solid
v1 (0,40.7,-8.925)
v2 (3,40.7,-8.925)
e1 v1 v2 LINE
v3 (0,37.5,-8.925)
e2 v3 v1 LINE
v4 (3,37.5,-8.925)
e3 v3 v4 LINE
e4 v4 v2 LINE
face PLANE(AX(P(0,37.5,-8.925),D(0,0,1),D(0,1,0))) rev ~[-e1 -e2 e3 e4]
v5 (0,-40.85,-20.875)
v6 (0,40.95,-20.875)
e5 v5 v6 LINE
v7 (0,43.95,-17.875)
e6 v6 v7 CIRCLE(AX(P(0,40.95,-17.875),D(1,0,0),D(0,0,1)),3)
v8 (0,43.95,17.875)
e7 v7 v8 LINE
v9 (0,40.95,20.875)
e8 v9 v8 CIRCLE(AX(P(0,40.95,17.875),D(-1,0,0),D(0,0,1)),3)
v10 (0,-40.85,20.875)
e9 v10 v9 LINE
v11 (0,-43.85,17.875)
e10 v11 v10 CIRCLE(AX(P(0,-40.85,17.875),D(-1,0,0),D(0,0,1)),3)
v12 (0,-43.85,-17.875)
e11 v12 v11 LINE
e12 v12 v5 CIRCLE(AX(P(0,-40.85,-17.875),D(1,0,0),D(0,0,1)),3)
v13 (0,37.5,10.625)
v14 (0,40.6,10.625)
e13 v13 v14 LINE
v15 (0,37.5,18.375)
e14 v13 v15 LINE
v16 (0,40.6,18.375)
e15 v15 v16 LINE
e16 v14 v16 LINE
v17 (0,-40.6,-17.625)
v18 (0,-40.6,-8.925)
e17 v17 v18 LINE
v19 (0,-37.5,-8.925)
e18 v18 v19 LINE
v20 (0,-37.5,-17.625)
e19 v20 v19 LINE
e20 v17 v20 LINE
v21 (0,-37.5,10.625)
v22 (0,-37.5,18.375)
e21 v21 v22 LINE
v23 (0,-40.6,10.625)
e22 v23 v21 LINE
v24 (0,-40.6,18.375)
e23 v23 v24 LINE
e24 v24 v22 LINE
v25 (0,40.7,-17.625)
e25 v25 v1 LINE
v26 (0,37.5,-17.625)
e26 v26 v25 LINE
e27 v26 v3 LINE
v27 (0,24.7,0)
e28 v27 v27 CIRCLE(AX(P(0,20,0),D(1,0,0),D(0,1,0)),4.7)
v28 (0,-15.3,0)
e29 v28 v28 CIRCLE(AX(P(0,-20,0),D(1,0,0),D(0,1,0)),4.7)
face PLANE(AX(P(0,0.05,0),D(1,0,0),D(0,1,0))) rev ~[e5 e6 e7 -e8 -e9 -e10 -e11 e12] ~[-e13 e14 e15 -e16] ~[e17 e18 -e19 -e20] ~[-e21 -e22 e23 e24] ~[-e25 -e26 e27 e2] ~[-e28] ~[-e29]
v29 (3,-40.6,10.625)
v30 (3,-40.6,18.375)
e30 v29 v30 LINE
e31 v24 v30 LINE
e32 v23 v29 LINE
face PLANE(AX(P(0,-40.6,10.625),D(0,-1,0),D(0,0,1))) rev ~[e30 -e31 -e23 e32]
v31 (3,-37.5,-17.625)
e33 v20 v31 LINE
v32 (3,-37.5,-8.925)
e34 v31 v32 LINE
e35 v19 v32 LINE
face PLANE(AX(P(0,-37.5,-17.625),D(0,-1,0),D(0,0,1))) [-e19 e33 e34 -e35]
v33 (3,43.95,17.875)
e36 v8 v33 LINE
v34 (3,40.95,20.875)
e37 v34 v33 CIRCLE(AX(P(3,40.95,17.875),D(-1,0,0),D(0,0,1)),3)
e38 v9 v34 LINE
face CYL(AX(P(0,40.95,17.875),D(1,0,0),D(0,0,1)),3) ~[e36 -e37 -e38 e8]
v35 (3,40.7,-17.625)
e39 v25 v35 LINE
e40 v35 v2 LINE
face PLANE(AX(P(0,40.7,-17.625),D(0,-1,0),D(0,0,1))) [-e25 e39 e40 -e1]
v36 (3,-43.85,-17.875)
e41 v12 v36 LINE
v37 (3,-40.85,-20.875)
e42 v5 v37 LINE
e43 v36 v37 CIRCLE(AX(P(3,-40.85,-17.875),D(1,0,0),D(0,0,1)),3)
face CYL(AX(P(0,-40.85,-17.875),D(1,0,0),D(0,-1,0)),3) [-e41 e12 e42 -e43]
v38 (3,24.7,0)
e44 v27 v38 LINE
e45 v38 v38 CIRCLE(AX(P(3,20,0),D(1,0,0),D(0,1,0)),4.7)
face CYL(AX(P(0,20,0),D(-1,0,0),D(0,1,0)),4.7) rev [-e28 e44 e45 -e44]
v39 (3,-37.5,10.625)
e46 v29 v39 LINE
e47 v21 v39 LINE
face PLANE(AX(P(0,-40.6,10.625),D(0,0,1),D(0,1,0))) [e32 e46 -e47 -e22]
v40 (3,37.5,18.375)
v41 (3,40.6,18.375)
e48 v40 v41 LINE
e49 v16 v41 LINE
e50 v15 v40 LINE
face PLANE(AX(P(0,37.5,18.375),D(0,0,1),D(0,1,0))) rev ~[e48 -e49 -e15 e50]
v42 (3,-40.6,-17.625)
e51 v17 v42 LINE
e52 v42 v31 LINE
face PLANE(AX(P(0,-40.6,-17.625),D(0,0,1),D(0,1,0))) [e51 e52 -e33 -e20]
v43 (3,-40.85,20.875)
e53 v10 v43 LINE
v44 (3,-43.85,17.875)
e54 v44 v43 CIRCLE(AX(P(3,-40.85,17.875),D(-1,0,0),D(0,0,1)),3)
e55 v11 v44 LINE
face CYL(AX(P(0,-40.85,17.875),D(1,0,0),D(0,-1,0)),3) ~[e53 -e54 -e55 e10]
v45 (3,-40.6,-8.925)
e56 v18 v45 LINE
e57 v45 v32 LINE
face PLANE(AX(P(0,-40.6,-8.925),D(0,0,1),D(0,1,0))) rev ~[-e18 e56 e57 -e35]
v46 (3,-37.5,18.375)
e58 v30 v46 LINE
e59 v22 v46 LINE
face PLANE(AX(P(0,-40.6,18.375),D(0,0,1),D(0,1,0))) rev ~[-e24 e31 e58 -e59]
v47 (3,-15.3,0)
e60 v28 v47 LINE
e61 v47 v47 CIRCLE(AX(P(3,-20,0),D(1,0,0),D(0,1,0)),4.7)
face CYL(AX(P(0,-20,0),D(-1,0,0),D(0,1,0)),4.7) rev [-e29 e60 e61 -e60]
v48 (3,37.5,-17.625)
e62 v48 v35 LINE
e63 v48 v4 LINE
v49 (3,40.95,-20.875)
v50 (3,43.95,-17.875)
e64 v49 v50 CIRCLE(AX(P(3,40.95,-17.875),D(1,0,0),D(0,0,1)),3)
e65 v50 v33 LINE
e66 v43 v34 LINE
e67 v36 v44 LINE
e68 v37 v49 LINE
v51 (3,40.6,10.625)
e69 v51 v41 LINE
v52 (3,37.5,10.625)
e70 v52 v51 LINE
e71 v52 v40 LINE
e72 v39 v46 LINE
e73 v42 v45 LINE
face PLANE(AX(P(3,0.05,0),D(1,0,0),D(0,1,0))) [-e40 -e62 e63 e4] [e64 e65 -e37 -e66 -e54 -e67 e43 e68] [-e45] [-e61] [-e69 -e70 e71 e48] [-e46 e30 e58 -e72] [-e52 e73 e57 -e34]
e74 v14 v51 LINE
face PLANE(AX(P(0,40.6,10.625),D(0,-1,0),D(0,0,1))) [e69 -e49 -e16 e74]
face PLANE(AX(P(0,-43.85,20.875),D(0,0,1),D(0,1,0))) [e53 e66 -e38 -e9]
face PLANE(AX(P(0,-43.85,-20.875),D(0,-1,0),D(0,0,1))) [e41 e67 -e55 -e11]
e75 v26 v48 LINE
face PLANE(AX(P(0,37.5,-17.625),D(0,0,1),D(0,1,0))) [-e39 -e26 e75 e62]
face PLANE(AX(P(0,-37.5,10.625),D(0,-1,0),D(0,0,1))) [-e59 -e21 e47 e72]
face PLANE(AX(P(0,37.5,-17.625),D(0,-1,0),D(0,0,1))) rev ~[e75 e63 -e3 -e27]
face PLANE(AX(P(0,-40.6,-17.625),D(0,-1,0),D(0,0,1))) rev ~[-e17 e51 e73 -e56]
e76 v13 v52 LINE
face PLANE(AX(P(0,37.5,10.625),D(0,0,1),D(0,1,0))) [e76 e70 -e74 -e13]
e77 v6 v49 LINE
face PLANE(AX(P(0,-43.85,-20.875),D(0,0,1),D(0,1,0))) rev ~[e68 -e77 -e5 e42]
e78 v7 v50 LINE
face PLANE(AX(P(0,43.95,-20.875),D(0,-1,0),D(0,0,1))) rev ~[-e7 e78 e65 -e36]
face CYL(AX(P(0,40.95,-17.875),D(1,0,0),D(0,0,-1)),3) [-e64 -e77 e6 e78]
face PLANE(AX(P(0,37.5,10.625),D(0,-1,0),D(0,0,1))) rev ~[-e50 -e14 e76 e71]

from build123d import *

# Parameters (mm, degrees)
F0_W     = 87.8
F0_H     = 41.75
F0_W_2   = 3.1
F0_H_2   = 8.7
F0_W_3   = 3.2
F0_R     = 4.7
F0_H_3   = 7.75
F1_DEPTH = 3
F2_R     = 3


with BuildPart() as f1:
    # F0 (on Right) → F1 (new body)
    with BuildSketch(Plane.YZ):
        with Locations((0.05, 0)):
            Rectangle(F0_W, F0_H)
        with Locations((-39.05, -13.275)):
            Rectangle(F0_W_2, F0_H_2, mode=Mode.SUBTRACT)
        with Locations((39.1, -13.275)):
            Rectangle(F0_W_3, F0_H_2, mode=Mode.SUBTRACT)
        with Locations((-20, 0)):
            Circle(F0_R, mode=Mode.SUBTRACT)
        with Locations((-39.05, 14.5)):
            Rectangle(F0_W_2, F0_H_3, mode=Mode.SUBTRACT)
        with Locations((20, 0)):
            Circle(F0_R, mode=Mode.SUBTRACT)
        with Locations((39.05, 14.5)):
            Rectangle(F0_W_2, F0_H_3, mode=Mode.SUBTRACT)
    extrude(amount=F1_DEPTH)

    # F2
    f2_edges = [f1.edges().sort_by_distance(p)[0] for p in [
        (1.5, -43.85, 20.875),
        (1.5, -43.85, -20.875),
        (1.5, 43.95, 20.875),
        (1.5, 43.95, -20.875),
    ]]
    fillet(f2_edges, radius=F2_R)


solid = f1.part
